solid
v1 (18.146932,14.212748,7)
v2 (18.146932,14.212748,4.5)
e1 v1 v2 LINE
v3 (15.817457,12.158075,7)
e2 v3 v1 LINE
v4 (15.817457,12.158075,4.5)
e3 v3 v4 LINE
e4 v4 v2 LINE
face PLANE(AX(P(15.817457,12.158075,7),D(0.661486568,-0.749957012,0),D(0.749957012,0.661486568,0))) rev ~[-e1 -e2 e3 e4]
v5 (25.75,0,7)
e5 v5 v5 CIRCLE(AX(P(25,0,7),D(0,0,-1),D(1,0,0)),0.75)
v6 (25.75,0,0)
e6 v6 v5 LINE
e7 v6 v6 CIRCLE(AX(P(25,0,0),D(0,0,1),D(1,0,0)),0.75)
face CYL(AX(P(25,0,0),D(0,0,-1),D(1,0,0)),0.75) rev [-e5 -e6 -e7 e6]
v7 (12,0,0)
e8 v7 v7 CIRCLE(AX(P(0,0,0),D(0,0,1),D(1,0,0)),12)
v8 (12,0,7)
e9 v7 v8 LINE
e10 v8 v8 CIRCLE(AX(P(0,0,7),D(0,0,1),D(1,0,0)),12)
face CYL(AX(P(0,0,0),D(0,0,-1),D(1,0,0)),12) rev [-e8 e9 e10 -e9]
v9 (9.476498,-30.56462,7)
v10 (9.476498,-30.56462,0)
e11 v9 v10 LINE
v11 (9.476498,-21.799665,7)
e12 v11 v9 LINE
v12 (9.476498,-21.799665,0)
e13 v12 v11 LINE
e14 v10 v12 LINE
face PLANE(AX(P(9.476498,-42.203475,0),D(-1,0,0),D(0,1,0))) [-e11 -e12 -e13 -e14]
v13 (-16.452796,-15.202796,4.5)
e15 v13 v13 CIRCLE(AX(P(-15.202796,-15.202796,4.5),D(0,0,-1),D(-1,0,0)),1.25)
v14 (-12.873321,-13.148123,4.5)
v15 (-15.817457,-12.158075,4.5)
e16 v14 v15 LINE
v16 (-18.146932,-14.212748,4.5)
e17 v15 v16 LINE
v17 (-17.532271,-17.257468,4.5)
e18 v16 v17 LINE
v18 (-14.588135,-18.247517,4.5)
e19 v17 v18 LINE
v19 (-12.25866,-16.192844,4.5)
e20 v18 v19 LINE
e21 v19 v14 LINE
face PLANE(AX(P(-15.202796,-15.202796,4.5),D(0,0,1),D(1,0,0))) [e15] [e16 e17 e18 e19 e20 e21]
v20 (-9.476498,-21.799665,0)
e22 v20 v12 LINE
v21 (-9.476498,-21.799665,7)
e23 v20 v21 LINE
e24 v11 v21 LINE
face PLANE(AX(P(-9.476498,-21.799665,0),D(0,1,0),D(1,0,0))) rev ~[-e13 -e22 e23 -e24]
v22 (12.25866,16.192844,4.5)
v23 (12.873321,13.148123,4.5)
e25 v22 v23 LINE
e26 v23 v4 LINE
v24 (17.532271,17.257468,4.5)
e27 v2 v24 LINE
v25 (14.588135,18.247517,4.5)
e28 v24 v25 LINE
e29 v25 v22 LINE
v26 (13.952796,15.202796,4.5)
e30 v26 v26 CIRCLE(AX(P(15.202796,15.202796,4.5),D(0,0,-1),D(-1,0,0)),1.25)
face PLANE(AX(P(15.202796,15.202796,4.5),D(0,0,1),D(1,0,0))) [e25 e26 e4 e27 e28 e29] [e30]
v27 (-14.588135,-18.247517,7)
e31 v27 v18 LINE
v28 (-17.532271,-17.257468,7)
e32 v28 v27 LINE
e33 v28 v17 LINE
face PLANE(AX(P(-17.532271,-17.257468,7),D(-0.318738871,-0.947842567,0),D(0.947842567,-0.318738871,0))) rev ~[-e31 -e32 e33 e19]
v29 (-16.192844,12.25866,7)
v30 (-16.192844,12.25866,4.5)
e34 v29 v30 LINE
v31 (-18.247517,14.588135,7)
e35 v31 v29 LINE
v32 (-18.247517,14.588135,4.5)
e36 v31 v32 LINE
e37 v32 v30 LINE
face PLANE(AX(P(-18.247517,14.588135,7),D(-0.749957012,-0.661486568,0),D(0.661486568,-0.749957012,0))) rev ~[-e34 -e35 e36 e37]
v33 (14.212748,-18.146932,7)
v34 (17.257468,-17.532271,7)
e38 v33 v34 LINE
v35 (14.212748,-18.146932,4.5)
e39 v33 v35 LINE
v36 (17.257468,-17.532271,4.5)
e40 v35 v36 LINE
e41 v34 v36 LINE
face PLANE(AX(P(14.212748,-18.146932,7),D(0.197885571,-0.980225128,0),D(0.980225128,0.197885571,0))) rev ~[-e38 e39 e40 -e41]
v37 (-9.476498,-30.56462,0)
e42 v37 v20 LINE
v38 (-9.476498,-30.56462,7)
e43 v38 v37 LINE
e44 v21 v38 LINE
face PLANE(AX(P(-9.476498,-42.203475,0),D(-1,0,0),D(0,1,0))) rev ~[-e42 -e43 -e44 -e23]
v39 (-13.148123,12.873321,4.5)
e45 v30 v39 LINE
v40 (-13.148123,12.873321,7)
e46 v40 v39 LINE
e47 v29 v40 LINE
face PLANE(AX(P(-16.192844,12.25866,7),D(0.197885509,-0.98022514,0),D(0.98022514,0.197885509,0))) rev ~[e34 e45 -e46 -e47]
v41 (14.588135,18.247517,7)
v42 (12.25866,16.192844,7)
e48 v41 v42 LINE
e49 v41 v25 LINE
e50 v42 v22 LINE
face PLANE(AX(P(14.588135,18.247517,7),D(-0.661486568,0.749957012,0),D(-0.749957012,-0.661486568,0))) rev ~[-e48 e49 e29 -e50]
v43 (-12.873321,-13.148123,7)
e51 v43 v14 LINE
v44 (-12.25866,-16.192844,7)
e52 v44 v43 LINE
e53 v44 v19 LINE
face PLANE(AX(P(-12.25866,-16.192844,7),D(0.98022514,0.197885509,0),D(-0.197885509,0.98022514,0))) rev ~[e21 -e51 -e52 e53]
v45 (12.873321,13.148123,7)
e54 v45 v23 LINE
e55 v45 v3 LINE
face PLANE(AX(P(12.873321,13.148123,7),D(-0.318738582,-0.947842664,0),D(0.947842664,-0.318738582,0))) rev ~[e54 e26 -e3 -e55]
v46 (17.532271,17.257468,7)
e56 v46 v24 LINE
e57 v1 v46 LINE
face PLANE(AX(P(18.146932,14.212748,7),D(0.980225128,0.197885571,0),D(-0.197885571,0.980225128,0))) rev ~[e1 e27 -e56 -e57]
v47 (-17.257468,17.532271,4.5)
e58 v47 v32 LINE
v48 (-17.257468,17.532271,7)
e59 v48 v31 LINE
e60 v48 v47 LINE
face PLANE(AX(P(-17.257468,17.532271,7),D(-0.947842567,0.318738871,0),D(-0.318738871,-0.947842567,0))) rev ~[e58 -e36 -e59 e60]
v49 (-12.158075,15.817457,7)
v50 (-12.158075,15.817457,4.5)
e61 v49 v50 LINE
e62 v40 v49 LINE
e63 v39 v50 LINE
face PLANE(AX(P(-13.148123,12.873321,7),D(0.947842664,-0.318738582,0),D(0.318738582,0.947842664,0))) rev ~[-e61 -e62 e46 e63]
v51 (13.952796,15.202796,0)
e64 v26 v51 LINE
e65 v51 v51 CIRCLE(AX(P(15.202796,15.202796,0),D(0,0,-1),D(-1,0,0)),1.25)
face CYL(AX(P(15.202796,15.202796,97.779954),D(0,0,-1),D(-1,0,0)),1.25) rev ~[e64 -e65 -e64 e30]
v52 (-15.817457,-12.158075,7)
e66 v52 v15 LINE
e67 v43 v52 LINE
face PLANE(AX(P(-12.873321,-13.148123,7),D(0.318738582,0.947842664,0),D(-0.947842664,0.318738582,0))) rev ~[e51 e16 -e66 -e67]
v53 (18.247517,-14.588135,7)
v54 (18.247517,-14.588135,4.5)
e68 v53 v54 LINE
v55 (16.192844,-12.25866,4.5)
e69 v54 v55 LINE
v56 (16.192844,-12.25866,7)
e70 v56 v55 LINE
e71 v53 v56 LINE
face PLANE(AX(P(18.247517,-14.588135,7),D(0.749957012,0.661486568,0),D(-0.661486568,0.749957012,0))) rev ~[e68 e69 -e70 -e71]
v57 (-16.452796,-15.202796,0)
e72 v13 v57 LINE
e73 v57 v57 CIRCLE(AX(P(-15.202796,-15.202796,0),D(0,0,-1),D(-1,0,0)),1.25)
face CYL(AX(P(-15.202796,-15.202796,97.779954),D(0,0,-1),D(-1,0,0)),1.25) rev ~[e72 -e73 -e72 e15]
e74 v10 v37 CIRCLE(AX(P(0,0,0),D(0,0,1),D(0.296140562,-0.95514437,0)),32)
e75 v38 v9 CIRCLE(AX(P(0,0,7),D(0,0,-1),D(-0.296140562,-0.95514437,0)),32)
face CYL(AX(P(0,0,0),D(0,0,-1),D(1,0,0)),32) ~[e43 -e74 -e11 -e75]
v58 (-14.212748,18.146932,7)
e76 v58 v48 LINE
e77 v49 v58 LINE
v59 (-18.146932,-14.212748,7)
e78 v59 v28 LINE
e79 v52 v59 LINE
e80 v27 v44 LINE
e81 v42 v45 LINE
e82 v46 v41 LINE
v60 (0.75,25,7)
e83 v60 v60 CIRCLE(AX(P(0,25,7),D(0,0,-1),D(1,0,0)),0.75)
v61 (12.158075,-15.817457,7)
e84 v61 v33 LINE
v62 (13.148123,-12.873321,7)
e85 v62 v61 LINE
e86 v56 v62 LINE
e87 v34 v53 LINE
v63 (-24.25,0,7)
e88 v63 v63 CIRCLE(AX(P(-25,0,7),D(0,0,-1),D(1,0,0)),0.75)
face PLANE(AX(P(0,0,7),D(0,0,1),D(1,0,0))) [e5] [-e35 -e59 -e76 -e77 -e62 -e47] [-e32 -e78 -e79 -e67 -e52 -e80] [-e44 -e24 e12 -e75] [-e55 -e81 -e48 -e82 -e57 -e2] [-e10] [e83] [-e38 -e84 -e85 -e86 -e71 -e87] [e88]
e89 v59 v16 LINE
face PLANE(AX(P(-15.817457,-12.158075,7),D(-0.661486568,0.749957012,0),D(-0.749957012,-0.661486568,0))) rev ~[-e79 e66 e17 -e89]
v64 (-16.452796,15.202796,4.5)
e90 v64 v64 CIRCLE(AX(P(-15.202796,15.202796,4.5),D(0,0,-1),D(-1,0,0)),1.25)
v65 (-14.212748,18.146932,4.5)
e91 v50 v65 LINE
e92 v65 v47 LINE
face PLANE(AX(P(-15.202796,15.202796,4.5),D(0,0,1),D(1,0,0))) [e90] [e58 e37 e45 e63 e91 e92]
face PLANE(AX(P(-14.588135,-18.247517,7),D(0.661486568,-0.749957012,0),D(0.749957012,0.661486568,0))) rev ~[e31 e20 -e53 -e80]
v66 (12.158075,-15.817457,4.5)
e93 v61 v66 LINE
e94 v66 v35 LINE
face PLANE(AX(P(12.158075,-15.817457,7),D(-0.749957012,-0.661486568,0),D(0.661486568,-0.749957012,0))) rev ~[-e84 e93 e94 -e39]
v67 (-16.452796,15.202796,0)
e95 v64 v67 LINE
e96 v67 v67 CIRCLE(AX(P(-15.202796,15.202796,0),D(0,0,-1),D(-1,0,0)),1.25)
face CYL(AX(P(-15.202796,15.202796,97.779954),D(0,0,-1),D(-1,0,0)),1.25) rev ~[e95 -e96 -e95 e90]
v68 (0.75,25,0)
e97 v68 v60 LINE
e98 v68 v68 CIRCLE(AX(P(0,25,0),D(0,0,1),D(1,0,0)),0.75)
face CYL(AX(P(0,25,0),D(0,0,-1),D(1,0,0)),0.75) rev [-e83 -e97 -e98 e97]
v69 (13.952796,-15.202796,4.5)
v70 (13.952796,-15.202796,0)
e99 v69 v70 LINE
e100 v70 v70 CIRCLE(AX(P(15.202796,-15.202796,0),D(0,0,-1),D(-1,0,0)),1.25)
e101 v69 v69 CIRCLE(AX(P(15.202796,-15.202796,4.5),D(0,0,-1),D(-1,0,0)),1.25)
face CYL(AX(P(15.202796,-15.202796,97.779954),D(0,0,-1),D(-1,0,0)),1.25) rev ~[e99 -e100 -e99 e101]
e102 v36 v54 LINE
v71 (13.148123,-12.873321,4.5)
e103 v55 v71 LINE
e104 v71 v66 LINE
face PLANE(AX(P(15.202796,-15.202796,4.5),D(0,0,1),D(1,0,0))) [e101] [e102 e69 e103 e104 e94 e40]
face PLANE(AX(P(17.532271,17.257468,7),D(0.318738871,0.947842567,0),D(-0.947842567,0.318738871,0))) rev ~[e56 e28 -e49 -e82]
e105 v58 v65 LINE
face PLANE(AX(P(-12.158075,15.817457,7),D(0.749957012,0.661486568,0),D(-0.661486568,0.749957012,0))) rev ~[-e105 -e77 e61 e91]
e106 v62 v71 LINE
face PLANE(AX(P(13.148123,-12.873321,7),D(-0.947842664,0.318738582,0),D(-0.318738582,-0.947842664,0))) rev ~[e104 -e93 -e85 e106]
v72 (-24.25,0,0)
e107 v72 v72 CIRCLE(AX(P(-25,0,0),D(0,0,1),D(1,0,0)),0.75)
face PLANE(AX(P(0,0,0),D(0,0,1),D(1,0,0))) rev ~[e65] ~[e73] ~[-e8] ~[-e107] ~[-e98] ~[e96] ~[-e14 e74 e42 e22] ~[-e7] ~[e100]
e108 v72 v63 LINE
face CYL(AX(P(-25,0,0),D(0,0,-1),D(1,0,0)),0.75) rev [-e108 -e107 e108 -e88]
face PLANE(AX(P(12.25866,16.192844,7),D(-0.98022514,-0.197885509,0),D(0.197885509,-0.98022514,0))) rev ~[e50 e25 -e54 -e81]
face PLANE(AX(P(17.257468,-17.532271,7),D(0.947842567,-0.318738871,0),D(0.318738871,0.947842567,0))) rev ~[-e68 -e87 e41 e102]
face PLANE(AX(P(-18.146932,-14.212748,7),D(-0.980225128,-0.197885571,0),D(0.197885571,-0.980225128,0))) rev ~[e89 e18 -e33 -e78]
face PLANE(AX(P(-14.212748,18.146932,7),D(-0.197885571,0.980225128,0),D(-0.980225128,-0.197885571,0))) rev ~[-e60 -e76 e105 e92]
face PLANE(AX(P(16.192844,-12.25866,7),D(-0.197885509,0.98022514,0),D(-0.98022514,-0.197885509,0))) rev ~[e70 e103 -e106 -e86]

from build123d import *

# Parameters (mm, degrees)
F0_R     = 32
F0_R_2   = 12
F1_DEPTH = 7
F3_D     = 2.5
F4_DEPTH = 2.5
F5_R     = 0.75
F6_DEPTH = 25
F7_W     = 18.952996
F7_H     = 20.40381
F8_DEPTH = 25


with BuildPart() as f1:
    # F0 (on Top) → F1 (new body)
    with BuildSketch(Plane.XY):
        Circle(F0_R)
        Circle(F0_R_2, mode=Mode.SUBTRACT)
    extrude(amount=F1_DEPTH)

    # F3 (through all)
    with Locations(Plane.XY.offset(7)):
        with Locations((-15.202796, 15.202796), (15.202796, 15.202796), (15.202796, -15.202796), (-15.202796, -15.202796)):
            Hole(F3_D / 2)

    # F2 (on face) → F4 (cut)
    with BuildSketch(Plane.XY.offset(7)):
        Polygon((-12.158075, 15.817457), (-14.212748, 18.146932), (-17.257468, 17.532271), (-18.247517, 14.588135), (-16.192844, 12.25866), (-13.148123, 12.873321), align=None)
        Polygon((12.25866, 16.192844), (12.873321, 13.148123), (15.817457, 12.158075), (18.146932, 14.212748), (17.532271, 17.257468), (14.588135, 18.247517), align=None)
        Polygon((16.192844, -12.25866), (13.148123, -12.873321), (12.158075, -15.817457), (14.212748, -18.146932), (17.257468, -17.532271), (18.247517, -14.588135), align=None)
        Polygon((-12.25866, -16.192844), (-12.873321, -13.148123), (-15.817457, -12.158075), (-18.146932, -14.212748), (-17.532271, -17.257468), (-14.588135, -18.247517), align=None)
    extrude(amount=-F4_DEPTH, mode=Mode.SUBTRACT)

    # F5 (on Top) → F6 (cut)
    with BuildSketch(Plane.XY):
        with Locations((-25, 0)):
            Circle(F5_R)
        with Locations((0, -25)):
            Circle(F5_R)
        with Locations((25, 0)):
            Circle(F5_R)
        with Locations((0, 25)):
            Circle(F5_R)
    extrude(amount=F6_DEPTH, mode=Mode.SUBTRACT)

    # F7 (on Top) → F8 (cut)
    with BuildSketch(Plane.XY):
        with Locations((0, -32.00157)):
            Rectangle(F7_W, F7_H)
    extrude(amount=F8_DEPTH, mode=Mode.SUBTRACT)


solid = f1.part
